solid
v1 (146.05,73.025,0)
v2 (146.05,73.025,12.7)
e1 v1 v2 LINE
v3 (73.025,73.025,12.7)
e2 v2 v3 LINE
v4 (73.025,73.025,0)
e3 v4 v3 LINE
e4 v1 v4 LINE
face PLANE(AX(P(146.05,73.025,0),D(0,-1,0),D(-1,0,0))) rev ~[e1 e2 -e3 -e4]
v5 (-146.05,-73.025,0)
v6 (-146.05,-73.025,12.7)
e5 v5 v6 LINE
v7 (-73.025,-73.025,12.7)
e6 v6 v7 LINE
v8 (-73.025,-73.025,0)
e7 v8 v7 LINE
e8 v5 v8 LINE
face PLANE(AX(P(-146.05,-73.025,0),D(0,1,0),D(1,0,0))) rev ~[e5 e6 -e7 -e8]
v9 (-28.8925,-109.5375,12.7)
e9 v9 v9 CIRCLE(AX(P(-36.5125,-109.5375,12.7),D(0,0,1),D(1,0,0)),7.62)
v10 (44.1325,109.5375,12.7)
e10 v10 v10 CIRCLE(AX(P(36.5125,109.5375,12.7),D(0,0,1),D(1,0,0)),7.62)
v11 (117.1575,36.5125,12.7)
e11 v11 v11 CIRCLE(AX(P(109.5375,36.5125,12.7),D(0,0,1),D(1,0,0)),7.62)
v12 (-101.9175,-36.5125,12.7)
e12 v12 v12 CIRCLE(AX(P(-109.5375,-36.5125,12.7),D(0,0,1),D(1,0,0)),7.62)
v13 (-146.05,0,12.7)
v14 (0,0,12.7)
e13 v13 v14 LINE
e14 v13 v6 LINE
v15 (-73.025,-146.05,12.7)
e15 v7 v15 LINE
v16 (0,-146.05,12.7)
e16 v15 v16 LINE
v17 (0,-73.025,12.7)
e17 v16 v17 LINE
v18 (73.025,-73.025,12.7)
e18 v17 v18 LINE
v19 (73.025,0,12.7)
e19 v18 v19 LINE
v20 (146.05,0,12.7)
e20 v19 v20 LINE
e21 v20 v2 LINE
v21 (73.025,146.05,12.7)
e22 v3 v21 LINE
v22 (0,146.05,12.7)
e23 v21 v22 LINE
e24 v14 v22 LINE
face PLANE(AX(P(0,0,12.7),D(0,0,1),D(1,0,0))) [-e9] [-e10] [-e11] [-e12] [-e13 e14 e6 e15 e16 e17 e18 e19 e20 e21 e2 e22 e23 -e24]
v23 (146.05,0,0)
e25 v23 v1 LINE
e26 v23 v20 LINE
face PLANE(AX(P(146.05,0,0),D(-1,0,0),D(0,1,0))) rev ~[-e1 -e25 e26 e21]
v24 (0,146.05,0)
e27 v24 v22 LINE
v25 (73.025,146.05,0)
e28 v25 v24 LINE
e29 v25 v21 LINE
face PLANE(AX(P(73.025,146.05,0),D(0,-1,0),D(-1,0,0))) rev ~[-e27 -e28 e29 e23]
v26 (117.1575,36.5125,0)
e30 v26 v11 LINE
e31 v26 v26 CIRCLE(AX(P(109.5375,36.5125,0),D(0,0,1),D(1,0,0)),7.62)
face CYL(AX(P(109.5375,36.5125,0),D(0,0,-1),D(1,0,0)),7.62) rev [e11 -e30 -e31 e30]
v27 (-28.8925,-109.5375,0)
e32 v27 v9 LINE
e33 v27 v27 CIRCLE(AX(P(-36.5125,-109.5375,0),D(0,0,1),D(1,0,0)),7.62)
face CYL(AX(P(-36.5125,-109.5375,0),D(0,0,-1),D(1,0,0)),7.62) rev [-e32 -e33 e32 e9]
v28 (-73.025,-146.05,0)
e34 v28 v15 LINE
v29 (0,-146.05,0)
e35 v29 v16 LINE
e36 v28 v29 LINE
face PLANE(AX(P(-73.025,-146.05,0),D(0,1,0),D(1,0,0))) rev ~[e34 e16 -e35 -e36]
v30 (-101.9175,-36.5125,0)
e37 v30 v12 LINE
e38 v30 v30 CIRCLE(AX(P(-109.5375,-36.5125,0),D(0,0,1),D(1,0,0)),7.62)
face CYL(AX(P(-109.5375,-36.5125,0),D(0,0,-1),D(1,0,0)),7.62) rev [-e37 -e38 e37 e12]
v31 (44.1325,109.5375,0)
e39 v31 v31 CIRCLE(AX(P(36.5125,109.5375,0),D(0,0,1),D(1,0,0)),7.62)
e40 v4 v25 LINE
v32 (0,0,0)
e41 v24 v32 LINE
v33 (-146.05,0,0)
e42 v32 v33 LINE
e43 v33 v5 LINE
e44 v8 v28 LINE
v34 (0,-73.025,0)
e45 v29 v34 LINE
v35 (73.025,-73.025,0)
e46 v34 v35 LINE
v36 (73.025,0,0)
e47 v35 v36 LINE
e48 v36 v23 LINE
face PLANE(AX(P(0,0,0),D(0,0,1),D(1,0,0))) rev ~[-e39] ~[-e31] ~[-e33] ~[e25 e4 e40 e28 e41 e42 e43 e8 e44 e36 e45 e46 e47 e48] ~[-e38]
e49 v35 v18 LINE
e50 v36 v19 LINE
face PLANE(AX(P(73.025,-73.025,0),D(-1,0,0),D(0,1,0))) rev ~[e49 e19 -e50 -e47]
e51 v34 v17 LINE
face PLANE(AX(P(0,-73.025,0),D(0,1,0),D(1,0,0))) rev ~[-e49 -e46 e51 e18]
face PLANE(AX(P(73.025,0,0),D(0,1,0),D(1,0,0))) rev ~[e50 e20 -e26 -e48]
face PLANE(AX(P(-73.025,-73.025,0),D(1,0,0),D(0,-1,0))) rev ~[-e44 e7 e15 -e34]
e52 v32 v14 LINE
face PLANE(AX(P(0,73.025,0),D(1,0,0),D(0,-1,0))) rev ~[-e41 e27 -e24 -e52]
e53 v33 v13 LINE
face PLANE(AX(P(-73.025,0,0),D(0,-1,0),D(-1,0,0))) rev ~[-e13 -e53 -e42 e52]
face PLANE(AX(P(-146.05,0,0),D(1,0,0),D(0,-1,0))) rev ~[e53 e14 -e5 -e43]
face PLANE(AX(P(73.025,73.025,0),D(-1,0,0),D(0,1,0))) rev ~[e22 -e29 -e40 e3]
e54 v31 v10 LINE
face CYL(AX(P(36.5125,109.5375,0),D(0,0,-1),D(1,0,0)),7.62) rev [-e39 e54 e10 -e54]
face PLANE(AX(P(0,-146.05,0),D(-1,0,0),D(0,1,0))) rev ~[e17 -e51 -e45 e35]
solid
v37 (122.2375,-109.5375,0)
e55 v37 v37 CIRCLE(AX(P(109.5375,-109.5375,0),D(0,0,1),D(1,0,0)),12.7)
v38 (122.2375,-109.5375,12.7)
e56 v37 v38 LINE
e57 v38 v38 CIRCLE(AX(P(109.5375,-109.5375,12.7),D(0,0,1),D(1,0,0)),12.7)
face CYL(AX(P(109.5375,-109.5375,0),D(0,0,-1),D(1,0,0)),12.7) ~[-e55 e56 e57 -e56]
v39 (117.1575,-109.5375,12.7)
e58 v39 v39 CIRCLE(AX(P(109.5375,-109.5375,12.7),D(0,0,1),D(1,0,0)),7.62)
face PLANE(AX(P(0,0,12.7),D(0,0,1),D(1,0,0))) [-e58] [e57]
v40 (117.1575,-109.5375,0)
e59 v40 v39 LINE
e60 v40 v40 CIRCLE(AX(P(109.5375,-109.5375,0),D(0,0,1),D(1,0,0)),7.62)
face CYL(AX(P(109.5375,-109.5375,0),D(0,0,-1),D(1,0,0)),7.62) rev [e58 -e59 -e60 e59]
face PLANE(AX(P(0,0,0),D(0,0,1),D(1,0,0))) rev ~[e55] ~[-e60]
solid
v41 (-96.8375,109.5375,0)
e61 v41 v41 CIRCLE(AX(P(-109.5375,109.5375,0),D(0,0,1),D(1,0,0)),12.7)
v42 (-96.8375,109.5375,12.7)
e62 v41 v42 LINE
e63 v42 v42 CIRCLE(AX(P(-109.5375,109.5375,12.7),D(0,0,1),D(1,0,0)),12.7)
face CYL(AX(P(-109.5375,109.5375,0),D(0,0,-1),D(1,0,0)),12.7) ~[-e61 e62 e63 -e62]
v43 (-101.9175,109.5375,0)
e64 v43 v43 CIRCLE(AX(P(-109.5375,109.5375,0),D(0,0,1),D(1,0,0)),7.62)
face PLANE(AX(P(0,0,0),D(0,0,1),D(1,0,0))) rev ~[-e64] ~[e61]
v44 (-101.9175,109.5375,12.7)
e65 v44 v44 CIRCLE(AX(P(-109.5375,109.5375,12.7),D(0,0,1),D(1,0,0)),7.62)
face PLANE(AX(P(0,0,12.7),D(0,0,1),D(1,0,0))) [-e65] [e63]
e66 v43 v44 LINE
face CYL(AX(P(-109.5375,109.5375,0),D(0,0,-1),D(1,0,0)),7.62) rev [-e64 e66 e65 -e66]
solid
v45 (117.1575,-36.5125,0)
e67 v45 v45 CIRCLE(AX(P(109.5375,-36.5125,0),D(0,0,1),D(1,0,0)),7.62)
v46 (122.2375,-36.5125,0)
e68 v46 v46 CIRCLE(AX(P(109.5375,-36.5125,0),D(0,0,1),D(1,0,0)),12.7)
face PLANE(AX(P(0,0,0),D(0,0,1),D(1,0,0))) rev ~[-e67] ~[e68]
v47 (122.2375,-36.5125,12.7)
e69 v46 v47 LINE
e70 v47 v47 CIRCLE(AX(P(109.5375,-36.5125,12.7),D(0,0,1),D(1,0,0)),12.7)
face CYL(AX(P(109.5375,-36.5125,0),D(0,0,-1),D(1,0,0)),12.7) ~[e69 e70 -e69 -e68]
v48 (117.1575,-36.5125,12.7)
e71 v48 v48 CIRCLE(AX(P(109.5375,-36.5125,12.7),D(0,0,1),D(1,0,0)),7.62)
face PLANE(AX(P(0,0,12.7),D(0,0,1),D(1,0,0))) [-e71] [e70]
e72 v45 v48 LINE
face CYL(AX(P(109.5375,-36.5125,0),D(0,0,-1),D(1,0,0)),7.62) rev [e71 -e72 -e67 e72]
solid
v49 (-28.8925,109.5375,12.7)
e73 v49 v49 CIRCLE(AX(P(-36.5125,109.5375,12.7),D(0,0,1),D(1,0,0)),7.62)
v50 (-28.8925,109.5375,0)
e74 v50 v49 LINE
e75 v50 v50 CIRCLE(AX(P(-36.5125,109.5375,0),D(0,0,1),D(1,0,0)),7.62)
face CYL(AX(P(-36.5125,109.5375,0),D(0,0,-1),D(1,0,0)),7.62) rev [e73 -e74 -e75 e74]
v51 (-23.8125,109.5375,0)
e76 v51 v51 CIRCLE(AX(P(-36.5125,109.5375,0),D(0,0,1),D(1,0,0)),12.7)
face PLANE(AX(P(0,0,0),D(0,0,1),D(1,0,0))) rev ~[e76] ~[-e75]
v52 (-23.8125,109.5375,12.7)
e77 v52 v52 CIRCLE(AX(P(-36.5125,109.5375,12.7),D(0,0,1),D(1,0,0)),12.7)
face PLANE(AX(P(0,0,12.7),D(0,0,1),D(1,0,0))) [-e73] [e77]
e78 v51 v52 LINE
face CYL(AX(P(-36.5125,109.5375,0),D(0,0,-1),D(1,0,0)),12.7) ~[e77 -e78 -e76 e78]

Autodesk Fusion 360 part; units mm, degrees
sketch "Sketch1" plane through (0, 0, 0) normal (0, 0, 1) x (1, 0, 0)
  line L0 (146.05, -146.05) -> (-146.05, -146.05) construction
  line L1 (-146.05, -146.05) -> (-146.05, 146.05) construction
  line L2 (-146.05, 146.05) -> (146.05, 146.05) construction
  line L3 (146.05, 146.05) -> (146.05, -146.05) construction
  line L4 (146.05, -146.05) -> (-146.05, 146.05) construction
  line L5 (-146.05, -146.05) -> (146.05, 146.05) construction
  line L6 (0, -146.05) -> (0, 0) construction
  line L7 (0, 0) -> (0, 146.05) construction
  line L8 (0, 0) -> (-146.05, 0)
  line L9 (0, 0) -> (146.05, 0) construction
  line L10 (-73.025, 0) -> (-73.025, -146.05) construction
  line L11 (73.025, 0) -> (73.025, -146.05) construction
  line L12 (73.025, 0) -> (73.025, 146.05) construction
  line L13 (-73.025, 0) -> (-73.025, 146.05) construction
  line L14 (0, -73.025) -> (146.05, -73.025) construction
  line L15 (0, -73.025) -> (-146.05, -73.025) construction
  line L16 (0, 73.025) -> (-146.05, 73.025) construction
  line L17 (0, 73.025) -> (146.05, 73.025) construction
  line L18 (-146.05, 73.025) -> (-146.05, -73.025)
  line L19 (-146.05, -73.025) -> (-73.025, -73.025)
  line L20 (-73.025, -73.025) -> (-73.025, -146.05)
  line L21 (-73.025, -146.05) -> (0, -146.05)
  line L22 (0, -146.05) -> (0, -73.025)
  line L23 (0, -73.025) -> (73.025, -73.025)
  line L24 (73.025, -73.025) -> (73.025, 0)
  line L25 (73.025, 0) -> (146.05, 0)
  line L26 (146.05, 0) -> (146.05, 73.025)
  line L27 (146.05, 73.025) -> (73.025, 73.025)
  line L28 (73.025, 73.025) -> (73.025, 146.05)
  line L29 (73.025, 146.05) -> (0, 146.05)
  line L30 (0, 146.05) -> (0, 73.025)
  line L31 (0, 73.025) -> (0, 0)
  line L32 (0, 0) -> (-73.025, 0)
  line L33 (-73.025, 0) -> (-73.025, 73.025)
  line L34 (-73.025, 73.025) -> (-146.05, 73.025)
  line L35 (73.025, 109.5375) -> (0, 109.5375) construction
  line L36 (36.5125, 146.05) -> (36.5125, 109.5375) construction
  line L37 (109.5375, 73.025) -> (109.5375, 0) construction
  line L38 (146.05, 36.5125) -> (109.5375, 36.5125) construction
  line L39 (-73.025, -109.5375) -> (0, -109.5375) construction
  line L40 (-36.5125, -146.05) -> (-36.5125, -109.5375) construction
  line L41 (-109.5375, -73.025) -> (-109.5375, 0) construction
  line L42 (-146.05, -73.025) -> (-146.05, 0)
  line L43 (-146.05, -36.5125) -> (-109.5375, -36.5125) construction
  circle A0 centre (36.5125, 109.5375) radius 7.62
  circle A1 centre (109.5375, 36.5125) radius 7.62
  circle A2 centre (-109.5375, -36.5125) radius 7.62
  circle A3 centre (-36.5125, -109.5375) radius 7.62
  line L44 (0, 109.5375) -> (-146.05, 109.5375) construction
  line L45 (109.5375, 0) -> (109.5375, -146.05) construction
  line L46 (-73.025, 73.025) -> (0, 146.05) construction
  line L47 (73.025, -73.025) -> (146.05, 0) construction
  circle A4 centre (-36.5125, 109.5375) radius 12.7
  circle A5 centre (-109.5375, 109.5375) radius 12.7
  circle A6 centre (109.5375, -36.5125) radius 12.7
  circle A7 centre (109.5375, -109.5375) radius 12.7
  circle A8 centre (-109.5375, 109.5375) radius 7.62
  circle A9 centre (-36.5125, 109.5375) radius 7.62
  circle A10 centre (109.5375, -36.5125) radius 7.62
  circle A11 centre (109.5375, -109.5375) radius 7.62
  dimension "d1" = 292.1
  dimension "d2" = 292.1
  dimension "d3" = 15.24
  dimension "d4" = 15.24
  dimension "d5" = 15.24
  dimension "d6" = 15.24
  dimension "d7" = 25.4
  dimension "d8" = 25.4
  dimension "d9" = 25.4
  dimension "d10" = 25.4
  dimension "d11" = 15.24
  dimension "d12" = 15.24
  dimension "d13" = 15.24
  dimension "d14" = 15.24
extrude "Extrude1" add sketch "Sketch1" along normal blind 12.7 contours L8 L18 L19 L20 L21 L22 L23 L24 L25 L26 L27 L28 L29 L30 L31 L32 L42 | A4 | A5 | A6 | A7 makes body 1 at (-96.9006, 108.273, 8.4667) makes body 2 at (-23.8756, 108.273, 8.4667) makes body 3 at (122.1744, -37.777, 8.4667) makes body 4 at (-24.3417, -48.6833, 0) makes body 5 at (122.1744, -110.802, 8.4667)
